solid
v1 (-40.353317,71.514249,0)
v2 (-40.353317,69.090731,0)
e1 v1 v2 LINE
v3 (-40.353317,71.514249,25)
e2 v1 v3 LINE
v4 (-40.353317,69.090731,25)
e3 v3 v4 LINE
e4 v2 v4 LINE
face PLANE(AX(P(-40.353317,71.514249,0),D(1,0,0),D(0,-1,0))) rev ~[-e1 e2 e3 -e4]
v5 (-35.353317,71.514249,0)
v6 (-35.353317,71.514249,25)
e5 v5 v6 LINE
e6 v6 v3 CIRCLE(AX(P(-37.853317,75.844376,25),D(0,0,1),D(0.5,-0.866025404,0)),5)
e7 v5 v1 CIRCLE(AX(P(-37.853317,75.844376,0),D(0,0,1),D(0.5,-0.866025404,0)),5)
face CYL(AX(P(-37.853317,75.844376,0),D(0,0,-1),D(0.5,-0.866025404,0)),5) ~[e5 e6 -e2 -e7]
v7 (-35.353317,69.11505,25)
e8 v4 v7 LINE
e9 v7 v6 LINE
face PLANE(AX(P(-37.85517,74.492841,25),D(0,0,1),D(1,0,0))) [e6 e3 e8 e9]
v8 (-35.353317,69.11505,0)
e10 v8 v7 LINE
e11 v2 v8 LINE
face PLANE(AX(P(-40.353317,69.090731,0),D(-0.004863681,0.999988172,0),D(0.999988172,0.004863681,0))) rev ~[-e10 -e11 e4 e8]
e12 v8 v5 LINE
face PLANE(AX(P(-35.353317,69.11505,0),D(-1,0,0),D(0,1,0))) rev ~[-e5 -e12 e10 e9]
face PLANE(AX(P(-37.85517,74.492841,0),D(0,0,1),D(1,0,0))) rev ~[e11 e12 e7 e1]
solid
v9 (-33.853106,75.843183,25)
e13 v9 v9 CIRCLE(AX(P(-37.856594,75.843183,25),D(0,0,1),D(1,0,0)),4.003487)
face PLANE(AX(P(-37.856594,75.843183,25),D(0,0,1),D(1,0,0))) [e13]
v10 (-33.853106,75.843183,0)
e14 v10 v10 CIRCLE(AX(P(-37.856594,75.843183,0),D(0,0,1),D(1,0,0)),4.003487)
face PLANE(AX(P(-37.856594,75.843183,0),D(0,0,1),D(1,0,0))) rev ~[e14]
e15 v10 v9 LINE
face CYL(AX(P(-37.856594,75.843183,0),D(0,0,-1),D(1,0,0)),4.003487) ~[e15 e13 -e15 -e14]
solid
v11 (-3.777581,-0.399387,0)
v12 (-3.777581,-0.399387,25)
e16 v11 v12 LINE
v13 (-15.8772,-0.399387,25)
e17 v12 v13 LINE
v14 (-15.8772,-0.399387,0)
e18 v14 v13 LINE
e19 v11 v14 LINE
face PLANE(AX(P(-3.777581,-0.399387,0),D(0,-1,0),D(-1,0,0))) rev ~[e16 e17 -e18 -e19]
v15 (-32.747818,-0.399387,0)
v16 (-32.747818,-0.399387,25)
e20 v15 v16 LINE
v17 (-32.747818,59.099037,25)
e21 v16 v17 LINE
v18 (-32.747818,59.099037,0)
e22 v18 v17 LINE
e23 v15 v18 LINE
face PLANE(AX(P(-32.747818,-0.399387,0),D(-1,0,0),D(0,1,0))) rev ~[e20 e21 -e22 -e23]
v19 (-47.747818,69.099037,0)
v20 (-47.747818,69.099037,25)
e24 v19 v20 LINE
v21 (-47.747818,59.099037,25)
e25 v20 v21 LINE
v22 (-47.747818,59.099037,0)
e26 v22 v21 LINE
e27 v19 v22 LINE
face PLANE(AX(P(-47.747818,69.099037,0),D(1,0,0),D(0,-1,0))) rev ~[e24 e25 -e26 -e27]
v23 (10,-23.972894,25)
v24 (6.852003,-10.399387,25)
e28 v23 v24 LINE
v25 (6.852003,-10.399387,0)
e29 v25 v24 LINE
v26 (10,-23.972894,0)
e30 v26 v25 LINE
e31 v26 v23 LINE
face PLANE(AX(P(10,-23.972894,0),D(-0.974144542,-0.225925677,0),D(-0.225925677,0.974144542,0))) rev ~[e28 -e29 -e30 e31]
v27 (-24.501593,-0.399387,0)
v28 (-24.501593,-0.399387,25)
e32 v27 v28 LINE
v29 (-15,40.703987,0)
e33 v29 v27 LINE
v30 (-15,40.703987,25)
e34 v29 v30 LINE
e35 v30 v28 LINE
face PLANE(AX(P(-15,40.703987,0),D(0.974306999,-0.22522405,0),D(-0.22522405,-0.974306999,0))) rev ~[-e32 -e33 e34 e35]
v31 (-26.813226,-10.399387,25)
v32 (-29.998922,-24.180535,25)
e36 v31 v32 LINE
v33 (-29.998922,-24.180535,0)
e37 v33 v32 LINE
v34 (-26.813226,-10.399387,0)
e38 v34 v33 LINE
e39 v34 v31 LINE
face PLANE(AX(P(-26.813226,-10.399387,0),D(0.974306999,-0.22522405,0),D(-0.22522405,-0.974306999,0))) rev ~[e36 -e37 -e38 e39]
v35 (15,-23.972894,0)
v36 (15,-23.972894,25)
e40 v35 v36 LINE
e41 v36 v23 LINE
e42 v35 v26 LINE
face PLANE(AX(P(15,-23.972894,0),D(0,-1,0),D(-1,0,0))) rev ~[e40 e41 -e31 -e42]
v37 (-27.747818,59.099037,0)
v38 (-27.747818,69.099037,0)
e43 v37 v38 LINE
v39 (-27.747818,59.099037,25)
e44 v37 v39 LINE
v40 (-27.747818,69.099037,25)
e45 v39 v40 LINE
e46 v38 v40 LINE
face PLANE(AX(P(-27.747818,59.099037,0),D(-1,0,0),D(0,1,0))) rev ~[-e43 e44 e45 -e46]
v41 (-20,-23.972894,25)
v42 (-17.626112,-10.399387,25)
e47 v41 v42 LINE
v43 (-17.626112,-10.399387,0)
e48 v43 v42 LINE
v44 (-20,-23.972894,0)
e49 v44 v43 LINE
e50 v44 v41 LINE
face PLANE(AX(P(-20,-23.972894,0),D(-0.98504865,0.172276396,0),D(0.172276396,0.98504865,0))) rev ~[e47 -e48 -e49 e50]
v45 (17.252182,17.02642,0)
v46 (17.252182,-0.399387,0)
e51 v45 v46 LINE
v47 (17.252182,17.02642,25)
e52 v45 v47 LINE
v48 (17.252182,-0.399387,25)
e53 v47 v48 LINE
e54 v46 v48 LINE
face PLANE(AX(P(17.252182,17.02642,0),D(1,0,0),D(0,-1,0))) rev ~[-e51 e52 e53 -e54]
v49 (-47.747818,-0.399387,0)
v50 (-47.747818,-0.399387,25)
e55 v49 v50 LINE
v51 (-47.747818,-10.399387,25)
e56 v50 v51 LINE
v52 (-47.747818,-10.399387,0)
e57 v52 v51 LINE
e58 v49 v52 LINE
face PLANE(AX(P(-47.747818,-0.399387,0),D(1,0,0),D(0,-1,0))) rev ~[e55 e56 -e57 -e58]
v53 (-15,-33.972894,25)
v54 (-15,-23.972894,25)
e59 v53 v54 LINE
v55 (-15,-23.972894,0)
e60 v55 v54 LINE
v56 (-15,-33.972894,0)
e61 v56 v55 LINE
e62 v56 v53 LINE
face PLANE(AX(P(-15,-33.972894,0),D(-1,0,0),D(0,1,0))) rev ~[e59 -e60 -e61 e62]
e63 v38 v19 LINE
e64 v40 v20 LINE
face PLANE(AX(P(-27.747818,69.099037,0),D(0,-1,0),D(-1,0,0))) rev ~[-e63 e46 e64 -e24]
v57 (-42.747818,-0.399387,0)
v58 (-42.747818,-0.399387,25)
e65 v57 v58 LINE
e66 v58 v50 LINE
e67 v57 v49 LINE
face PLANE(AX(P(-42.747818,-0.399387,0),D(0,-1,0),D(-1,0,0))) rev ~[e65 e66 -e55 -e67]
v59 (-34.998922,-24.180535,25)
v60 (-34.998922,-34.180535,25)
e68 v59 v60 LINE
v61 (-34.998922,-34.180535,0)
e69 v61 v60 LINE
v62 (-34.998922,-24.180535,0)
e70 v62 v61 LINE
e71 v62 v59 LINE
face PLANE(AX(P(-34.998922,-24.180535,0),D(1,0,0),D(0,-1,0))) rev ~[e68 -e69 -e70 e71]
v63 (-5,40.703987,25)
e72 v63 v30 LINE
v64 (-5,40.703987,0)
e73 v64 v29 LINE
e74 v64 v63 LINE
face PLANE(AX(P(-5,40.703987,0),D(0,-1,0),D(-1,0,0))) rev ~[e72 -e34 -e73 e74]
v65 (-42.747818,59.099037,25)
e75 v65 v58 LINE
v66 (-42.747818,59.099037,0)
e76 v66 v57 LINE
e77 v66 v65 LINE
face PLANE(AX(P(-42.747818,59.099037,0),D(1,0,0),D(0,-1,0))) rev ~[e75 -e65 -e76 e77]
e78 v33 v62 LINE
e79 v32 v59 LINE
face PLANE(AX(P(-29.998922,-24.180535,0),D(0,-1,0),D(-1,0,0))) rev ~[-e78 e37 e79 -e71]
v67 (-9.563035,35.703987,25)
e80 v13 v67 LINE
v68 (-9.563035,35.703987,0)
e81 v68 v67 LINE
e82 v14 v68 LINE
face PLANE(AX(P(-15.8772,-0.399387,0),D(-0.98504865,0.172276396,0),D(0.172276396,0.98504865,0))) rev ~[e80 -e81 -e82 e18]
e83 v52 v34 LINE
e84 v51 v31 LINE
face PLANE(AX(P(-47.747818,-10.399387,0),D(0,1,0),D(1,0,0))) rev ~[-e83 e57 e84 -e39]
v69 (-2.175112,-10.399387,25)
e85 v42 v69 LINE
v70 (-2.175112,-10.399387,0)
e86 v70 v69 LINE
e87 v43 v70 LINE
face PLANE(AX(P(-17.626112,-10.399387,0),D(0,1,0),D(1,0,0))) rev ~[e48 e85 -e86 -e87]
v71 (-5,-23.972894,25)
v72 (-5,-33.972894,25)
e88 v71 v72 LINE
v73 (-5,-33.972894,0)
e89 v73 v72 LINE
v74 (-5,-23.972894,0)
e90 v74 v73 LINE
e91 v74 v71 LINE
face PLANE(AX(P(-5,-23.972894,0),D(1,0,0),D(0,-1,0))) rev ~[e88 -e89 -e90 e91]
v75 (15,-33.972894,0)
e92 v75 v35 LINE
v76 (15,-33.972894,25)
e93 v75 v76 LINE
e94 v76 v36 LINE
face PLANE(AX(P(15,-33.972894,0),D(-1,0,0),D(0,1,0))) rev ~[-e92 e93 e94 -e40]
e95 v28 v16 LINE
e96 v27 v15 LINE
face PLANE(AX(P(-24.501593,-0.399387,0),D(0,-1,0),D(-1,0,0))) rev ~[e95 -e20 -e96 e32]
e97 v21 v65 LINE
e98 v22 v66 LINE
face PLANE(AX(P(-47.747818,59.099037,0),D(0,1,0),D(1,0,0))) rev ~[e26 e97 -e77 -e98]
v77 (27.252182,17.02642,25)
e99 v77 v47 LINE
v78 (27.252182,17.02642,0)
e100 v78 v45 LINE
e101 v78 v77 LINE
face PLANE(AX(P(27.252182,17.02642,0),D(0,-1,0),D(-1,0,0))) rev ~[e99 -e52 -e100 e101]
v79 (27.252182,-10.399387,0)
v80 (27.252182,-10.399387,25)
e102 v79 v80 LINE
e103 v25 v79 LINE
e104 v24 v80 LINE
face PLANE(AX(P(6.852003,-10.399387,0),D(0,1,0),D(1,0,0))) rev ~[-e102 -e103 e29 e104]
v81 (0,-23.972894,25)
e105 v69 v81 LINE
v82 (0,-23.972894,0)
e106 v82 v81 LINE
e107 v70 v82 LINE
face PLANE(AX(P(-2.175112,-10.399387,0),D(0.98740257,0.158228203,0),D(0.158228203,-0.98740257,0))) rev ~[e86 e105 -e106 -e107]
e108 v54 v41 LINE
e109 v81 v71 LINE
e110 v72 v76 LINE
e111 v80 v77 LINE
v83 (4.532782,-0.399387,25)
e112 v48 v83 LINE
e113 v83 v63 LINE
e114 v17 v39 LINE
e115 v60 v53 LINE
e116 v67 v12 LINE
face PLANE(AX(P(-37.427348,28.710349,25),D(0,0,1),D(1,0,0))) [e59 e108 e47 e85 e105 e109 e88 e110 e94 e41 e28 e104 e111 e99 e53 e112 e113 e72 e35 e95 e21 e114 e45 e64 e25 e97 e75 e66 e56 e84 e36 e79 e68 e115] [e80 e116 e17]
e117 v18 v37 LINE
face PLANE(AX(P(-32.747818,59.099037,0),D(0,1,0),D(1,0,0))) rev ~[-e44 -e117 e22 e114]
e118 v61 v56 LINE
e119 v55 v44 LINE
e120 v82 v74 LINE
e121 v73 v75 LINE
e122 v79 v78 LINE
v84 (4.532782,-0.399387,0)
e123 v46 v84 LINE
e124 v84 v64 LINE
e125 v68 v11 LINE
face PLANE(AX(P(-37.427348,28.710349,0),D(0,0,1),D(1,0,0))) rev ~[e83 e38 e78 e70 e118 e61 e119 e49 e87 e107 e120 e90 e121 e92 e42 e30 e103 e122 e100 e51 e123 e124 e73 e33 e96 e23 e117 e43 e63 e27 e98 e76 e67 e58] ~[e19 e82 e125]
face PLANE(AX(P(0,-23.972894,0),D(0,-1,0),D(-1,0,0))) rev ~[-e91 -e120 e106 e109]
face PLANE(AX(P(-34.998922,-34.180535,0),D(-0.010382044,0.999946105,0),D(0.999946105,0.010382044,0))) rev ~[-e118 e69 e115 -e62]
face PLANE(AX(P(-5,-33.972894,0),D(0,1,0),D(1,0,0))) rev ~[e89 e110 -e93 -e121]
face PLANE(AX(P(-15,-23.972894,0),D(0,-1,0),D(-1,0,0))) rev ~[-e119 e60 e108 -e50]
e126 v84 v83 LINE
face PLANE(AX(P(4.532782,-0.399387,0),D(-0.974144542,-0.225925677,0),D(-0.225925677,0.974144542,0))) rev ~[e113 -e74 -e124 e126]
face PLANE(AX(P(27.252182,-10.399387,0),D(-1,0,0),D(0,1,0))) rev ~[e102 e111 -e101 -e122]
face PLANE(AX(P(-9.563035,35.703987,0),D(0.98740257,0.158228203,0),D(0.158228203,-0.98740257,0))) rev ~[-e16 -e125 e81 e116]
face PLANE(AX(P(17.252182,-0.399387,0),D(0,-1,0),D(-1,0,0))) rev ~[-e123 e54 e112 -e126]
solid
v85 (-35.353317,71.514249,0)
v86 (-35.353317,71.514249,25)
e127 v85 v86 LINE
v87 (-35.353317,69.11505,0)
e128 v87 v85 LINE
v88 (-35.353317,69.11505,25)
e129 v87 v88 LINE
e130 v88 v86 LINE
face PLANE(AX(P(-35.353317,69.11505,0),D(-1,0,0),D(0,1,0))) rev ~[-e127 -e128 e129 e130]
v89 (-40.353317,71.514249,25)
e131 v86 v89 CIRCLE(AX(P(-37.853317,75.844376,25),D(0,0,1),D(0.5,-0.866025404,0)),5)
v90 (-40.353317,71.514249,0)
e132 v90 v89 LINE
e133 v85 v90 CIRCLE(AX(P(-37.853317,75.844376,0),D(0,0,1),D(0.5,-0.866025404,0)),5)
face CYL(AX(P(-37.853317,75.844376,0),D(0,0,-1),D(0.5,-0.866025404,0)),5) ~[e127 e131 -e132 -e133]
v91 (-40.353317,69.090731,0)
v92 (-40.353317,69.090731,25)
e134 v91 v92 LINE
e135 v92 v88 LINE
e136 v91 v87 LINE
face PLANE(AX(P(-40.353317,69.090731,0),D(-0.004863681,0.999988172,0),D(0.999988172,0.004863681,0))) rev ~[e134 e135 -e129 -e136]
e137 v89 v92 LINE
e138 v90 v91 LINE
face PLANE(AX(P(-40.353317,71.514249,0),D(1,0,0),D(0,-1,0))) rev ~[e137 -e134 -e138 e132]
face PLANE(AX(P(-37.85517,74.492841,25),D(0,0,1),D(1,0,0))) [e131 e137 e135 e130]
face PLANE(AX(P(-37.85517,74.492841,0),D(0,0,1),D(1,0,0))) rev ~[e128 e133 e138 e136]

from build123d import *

# Parameters (mm, degrees)
F2_DEPTH = 25
F3_DEPTH = 25
F4_R     = 4.003487198
F5_DEPTH = 25


with BuildPart() as f2:
    # F0 (on Top) → F2 (new body)
    with BuildSketch(Plane.XY):
        Polygon((-27.7478177836, 69.0990370269), (-47.7478177836, 69.0990370269), (-47.7478177836, 59.0990370269), (-42.7478177836, 59.0990370269), (-42.7478177836, -0.3993871187), (-47.7478177836, -0.3993871187), (-47.7478177836, -10.3993871187), (-26.8132260698, -10.3993871187), (-24.5015927774, -0.3993871187), (-32.7478177836, -0.3993871187), (-32.7478177836, 59.0990370269), (-27.7478177836, 59.0990370269), align=None)
        Polygon((-15, 40.7039868832), (-24.5015927774, -0.3993871187), (-15.8771997512, -0.3993871187), (-9.5630353317, 35.7039868832), (-3.7775814806, -0.3993871187), (4.5327820422, -0.3993871187), (-5, 40.7039868832), align=None)
        Polygon((-15.8771997512, -0.3993871187), (-24.5015927774, -0.3993871187), (-26.8132260698, -10.3993871187), (-17.6261123097, -10.3993871187), align=None)
        Polygon((-3.7775814806, -0.3993871187), (-15.8771997512, -0.3993871187), (-17.6261123097, -10.3993871187), (-2.1751124563, -10.3993871187), align=None)
        Polygon((-17.6261123097, -10.3993871187), (-26.8132260698, -10.3993871187), (-29.9989221025, -24.180535033), (-34.9989221025, -24.180535033), (-34.9989221025, -34.180535033), (-15, -33.9728941465), (-15, -23.9728941465), (-20, -23.9728941465), align=None)
        Polygon((4.5327820422, -0.3993871187), (-3.7775814806, -0.3993871187), (-2.1751124563, -10.3993871187), (6.8520033407, -10.3993871187), align=None)
        Polygon((17.2521822164, -0.3993871187), (4.5327820422, -0.3993871187), (6.8520033407, -10.3993871187), (27.2521822164, -10.3993871187), (27.2521822164, 17.0264199791), (17.2521822164, 17.0264199791), align=None)
        Polygon((6.8520033407, -10.3993871187), (-2.1751124563, -10.3993871187), (0, -23.9728941465), (-5, -23.9728941465), (-5, -33.9728941465), (15, -33.9728941465), (15, -23.9728941465), (10, -23.9728941465), align=None)
    extrude(amount=F2_DEPTH)


with BuildPart() as f2b:
    # F1 (on Top) → F2, piece 2 (new body)
    with BuildSketch(Plane.XY):
        with BuildLine():
            Line((-40.3533168137, 71.514248848), (-40.3533168137, 69.090731442))
            Line((-40.3533168137, 69.090731442), (-35.3533168137, 69.115050137))
            Line((-35.3533168137, 69.115050137), (-35.3533168137, 71.514248848))
            ThreePointArc((-35.3533168137, 71.514248848), (-37.8533168137, 80.8443758669), (-40.3533168137, 71.514248848))
        make_face()
    extrude(amount=F2_DEPTH)


with BuildPart() as f3:
    # F1 (on Top) → F3 (new body)
    with BuildSketch(Plane.XY):
        with BuildLine():
            Line((-40.3533168137, 71.514248848), (-40.3533168137, 69.090731442))
            Line((-40.3533168137, 69.090731442), (-35.3533168137, 69.115050137))
            Line((-35.3533168137, 69.115050137), (-35.3533168137, 71.514248848))
            ThreePointArc((-35.3533168137, 71.514248848), (-37.8533168137, 80.8443758669), (-40.3533168137, 71.514248848))
        make_face()
    extrude(amount=F3_DEPTH)


with BuildPart() as f5:
    # F4 (on Top) → F5 (new body)
    with BuildSketch(Plane.XY):
        with Locations((-37.8565936583, 75.8431830385)):
            Circle(F4_R)
    extrude(amount=F5_DEPTH)


solid = Compound([f2.part, f2b.part, f3.part, f5.part])
